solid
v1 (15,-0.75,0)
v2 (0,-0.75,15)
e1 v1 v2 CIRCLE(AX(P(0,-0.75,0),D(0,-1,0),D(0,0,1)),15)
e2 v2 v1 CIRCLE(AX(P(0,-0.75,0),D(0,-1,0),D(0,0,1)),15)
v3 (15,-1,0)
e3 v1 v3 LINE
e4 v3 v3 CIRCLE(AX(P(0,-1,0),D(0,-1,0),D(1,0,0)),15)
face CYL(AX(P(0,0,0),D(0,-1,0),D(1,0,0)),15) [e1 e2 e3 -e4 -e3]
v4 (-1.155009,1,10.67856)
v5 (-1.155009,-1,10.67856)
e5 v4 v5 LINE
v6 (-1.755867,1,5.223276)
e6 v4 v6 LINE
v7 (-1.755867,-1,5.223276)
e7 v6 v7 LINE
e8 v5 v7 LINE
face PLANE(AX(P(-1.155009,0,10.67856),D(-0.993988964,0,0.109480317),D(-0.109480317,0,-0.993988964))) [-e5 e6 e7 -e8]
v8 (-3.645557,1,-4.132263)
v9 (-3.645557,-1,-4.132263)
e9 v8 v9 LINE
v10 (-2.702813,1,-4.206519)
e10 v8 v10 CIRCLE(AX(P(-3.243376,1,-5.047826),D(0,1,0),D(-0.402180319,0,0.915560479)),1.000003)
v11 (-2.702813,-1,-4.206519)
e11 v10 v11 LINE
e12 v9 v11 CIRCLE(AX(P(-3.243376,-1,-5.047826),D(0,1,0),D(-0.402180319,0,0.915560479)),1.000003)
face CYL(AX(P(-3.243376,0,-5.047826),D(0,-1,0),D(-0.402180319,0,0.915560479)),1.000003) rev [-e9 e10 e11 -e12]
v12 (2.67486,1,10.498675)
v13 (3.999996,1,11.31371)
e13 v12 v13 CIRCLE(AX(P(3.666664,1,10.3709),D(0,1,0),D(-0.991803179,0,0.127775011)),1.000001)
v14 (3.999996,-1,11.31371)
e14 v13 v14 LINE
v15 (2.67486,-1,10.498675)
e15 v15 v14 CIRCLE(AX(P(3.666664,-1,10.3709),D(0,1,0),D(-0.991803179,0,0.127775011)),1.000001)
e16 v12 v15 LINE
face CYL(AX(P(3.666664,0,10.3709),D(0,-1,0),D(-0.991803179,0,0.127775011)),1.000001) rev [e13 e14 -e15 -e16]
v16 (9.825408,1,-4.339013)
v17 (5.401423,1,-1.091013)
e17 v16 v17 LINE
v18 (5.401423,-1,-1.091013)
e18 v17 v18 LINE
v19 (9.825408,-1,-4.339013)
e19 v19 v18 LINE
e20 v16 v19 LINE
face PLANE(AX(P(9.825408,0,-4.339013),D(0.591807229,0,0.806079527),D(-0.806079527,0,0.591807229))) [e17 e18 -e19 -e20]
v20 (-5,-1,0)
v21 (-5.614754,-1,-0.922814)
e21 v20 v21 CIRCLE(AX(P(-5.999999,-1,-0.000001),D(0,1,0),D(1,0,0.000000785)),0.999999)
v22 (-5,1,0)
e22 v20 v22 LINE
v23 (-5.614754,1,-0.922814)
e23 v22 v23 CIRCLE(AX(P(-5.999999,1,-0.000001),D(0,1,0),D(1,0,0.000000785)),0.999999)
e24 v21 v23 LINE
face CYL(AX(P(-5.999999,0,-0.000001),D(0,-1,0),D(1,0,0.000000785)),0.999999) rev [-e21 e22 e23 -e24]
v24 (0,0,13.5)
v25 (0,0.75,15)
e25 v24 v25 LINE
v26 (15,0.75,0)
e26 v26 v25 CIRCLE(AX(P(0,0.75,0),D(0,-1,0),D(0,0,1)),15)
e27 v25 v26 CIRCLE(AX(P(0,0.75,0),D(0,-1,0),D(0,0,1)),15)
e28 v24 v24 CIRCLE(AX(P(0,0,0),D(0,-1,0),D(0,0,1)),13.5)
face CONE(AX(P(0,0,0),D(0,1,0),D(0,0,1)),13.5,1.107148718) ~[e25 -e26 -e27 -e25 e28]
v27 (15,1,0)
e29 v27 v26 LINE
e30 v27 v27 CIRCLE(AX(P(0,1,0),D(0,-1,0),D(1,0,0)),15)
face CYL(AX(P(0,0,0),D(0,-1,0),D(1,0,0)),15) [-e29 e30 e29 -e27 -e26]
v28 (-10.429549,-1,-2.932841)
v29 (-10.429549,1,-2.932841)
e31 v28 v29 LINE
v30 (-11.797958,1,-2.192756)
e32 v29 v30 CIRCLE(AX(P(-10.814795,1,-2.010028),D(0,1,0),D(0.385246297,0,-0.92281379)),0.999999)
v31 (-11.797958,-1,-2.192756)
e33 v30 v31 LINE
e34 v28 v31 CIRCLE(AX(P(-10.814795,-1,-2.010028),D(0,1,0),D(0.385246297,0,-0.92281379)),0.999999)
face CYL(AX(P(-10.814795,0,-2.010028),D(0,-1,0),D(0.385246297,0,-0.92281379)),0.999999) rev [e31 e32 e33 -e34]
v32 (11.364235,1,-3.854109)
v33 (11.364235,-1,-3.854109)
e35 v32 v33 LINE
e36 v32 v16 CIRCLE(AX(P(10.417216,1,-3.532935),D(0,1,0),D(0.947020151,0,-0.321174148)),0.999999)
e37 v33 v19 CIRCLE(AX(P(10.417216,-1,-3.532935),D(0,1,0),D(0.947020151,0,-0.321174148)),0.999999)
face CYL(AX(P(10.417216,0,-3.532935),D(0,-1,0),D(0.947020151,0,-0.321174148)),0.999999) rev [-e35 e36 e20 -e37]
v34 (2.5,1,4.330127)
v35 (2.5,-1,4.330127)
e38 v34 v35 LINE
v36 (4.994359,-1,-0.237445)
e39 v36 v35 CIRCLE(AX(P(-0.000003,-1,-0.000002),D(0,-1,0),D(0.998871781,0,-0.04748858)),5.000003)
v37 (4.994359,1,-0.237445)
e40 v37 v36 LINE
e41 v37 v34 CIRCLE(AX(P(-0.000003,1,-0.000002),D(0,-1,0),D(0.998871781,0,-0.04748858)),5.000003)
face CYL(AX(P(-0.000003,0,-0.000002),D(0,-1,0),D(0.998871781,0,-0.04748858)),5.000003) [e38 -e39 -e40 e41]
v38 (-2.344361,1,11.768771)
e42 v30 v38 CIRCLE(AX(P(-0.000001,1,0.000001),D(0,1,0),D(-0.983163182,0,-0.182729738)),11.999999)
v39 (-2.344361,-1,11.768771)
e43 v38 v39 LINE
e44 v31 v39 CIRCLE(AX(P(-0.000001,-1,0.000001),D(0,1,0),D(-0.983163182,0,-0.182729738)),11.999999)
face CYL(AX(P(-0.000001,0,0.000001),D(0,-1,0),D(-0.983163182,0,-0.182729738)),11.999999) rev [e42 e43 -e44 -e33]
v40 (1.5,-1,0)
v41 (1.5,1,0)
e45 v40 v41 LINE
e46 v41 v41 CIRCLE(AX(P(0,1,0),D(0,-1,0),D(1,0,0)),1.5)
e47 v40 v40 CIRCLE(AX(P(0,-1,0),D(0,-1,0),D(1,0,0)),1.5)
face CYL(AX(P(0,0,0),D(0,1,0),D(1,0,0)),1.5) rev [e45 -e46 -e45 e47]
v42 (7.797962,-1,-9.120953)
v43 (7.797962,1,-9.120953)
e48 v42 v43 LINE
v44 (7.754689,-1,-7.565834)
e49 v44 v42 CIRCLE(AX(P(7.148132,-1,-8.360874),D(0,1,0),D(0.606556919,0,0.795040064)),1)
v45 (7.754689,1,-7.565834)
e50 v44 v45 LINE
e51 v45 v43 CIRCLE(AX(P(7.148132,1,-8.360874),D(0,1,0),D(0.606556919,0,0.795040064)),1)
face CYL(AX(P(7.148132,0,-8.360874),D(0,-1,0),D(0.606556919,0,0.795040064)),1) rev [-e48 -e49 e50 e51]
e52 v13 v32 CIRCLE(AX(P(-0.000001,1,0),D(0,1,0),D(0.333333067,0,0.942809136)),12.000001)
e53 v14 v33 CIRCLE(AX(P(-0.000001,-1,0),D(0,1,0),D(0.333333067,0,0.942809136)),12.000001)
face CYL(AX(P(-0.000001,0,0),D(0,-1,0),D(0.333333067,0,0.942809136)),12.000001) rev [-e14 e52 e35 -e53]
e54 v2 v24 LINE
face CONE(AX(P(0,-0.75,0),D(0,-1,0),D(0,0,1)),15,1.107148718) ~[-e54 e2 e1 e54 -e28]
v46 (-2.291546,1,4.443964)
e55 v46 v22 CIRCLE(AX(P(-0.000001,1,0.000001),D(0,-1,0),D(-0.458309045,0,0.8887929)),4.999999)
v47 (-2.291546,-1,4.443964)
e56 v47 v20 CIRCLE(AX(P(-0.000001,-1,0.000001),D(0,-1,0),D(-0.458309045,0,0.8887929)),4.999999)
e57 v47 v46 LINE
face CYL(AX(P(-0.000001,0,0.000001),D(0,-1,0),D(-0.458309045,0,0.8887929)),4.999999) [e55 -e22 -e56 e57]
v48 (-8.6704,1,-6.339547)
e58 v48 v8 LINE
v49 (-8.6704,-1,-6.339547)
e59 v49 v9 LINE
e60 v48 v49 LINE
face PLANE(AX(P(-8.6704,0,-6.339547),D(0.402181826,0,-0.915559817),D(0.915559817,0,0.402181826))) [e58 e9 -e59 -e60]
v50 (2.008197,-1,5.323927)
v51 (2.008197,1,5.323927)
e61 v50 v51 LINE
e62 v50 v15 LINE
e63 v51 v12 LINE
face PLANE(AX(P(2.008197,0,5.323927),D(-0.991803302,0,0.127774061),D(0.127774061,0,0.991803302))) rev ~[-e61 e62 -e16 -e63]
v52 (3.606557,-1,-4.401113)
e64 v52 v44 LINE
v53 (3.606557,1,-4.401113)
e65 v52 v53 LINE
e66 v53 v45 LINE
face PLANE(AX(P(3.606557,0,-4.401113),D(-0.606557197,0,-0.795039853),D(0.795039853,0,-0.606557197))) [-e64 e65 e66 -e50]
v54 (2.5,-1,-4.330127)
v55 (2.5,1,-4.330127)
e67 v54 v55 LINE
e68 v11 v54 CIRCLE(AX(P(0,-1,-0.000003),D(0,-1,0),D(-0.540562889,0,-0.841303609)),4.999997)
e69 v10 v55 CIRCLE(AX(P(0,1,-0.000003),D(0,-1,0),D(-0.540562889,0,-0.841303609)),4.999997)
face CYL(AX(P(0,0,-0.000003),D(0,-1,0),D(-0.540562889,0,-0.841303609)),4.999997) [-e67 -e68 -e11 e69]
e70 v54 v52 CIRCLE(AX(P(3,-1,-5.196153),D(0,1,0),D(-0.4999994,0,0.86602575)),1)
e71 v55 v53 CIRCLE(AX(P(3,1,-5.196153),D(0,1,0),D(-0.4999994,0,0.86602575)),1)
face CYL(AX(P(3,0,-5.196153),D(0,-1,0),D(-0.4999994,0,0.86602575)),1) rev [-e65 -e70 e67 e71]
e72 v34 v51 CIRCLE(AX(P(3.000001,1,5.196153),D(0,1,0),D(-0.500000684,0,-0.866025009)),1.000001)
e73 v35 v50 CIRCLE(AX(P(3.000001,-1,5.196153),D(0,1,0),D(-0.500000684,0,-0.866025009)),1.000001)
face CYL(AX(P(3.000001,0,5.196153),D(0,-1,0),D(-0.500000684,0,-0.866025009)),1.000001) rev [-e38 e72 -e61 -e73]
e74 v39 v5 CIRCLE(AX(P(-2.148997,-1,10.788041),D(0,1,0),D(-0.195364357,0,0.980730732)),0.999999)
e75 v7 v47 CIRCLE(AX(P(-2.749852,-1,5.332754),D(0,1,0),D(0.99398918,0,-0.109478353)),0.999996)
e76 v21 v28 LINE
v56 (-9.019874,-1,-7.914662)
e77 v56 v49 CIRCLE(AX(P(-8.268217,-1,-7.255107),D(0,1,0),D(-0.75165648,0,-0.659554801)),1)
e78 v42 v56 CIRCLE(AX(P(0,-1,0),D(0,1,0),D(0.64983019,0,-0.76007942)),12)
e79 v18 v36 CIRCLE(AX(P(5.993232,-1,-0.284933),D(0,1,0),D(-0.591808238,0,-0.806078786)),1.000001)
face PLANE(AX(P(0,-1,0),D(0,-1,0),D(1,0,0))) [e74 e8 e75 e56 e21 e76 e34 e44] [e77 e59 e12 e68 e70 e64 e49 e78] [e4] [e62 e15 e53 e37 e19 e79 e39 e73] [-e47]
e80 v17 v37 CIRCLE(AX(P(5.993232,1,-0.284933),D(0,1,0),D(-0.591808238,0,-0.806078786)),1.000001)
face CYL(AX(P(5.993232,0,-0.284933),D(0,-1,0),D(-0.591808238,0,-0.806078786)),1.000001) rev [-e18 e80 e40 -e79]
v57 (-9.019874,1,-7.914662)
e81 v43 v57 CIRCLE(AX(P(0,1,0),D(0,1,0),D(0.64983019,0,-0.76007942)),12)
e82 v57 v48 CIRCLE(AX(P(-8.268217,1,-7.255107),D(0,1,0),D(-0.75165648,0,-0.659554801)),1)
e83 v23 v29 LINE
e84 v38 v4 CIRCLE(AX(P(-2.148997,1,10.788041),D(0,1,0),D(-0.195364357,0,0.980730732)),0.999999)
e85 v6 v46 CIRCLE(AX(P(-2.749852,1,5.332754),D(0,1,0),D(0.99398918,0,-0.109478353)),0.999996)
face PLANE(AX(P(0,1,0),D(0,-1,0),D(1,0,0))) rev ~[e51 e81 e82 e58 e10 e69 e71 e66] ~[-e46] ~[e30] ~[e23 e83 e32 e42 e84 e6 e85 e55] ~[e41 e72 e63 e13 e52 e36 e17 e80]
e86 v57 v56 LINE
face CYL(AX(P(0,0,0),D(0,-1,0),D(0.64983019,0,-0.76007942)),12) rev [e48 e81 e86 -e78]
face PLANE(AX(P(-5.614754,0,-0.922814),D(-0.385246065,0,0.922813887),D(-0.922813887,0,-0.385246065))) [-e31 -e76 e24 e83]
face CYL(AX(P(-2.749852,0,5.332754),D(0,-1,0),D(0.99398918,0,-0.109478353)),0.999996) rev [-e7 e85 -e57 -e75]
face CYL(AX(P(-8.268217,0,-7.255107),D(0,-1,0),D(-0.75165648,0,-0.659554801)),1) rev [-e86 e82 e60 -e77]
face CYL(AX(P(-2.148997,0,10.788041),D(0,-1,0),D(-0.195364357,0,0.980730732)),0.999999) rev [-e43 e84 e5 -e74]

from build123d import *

# Parameters (mm, degrees)
F0_R     = 15
F0_R_2   = 1.5
F1_DEPTH = 1


with BuildPart() as f1:
    # F0 (on Front) → F1 (new body, symmetric)
    with BuildSketch(Plane.XZ):
        Circle(F0_R)
        with BuildLine():
            ThreePointArc((-9.019874, -7.914662), (-9.244477, -7.038502), (-8.6704, -6.339547))
            Line((-8.6704, -6.339547), (-3.645557, -4.132263))
            ThreePointArc((-3.645557, -4.132263), (-3.164852, -4.050911), (-2.702813, -4.206519))
            ThreePointArc((-2.702813, -4.206519), (-0.118756, -4.99859), (2.5, -4.330127))
            ThreePointArc((2.5, -4.330127), (3.064018, -4.198204), (3.606557, -4.401113))
            Line((3.606557, -4.401113), (7.754689, -7.565834))
            ThreePointArc((7.754689, -7.565834), (8.147745, -8.333059), (7.797962, -9.120953))
            ThreePointArc((7.797962, -9.120953), (-0.858518, -11.96925), (-9.019874, -7.914662))
        make_face(mode=Mode.SUBTRACT)
        with BuildLine():
            ThreePointArc((-11.797958, -2.192756), (-9.936416, 6.728123), (-2.344361, 11.768771))
            ThreePointArc((-2.344361, 11.768771), (-1.473282, 11.525203), (-1.155009, 10.67856))
            Line((-1.155009, 10.67856), (-1.755867, 5.223276))
            ThreePointArc((-1.755867, 5.223276), (-1.925765, 4.766298), (-2.291546, 4.443964))
            ThreePointArc((-2.291546, 4.443964), (-4.269528, 2.60214), (-5, 0))
            ThreePointArc((-5, 0), (-5.16776, -0.554416), (-5.614754, -0.922814))
            Line((-5.614754, -0.922814), (-10.429549, -2.932841))
            ThreePointArc((-10.429549, -2.932841), (-11.290513, -2.889625), (-11.797958, -2.192756))
        make_face(mode=Mode.SUBTRACT)
        Circle(F0_R_2, mode=Mode.SUBTRACT)
        with BuildLine():
            Line((2.008197, 5.323927), (2.67486, 10.498675))
            ThreePointArc((2.67486, 10.498675), (3.142768, 11.222683), (3.999996, 11.31371))
            ThreePointArc((3.999996, 11.31371), (10.794933, 5.241127), (11.364235, -3.854109))
            ThreePointArc((11.364235, -3.854109), (10.71776, -4.486702), (9.825408, -4.339013))
            Line((9.825408, -4.339013), (5.401423, -1.091013))
            ThreePointArc((5.401423, -1.091013), (5.090618, -0.715387), (4.994359, -0.237445))
            ThreePointArc((4.994359, -0.237445), (4.388283, 2.396449), (2.5, 4.330127))
            ThreePointArc((2.5, 4.330127), (2.103742, 4.75262), (2.008197, 5.323927))
        make_face(mode=Mode.SUBTRACT)
    extrude(amount=F1_DEPTH, both=True)

    # F2 (on Right) → F3 (revolve, cut)
    with BuildSketch(Plane.YZ):
        Polygon((-0.75, 15), (0, 13.5), (0, 15), align=None)
        Polygon((0, 15), (0, 13.5), (0.75, 15), align=None)
    revolve(axis=Axis((0, 0.05465, 0), (0, -1, 0)), mode=Mode.SUBTRACT)


solid = f1.part
